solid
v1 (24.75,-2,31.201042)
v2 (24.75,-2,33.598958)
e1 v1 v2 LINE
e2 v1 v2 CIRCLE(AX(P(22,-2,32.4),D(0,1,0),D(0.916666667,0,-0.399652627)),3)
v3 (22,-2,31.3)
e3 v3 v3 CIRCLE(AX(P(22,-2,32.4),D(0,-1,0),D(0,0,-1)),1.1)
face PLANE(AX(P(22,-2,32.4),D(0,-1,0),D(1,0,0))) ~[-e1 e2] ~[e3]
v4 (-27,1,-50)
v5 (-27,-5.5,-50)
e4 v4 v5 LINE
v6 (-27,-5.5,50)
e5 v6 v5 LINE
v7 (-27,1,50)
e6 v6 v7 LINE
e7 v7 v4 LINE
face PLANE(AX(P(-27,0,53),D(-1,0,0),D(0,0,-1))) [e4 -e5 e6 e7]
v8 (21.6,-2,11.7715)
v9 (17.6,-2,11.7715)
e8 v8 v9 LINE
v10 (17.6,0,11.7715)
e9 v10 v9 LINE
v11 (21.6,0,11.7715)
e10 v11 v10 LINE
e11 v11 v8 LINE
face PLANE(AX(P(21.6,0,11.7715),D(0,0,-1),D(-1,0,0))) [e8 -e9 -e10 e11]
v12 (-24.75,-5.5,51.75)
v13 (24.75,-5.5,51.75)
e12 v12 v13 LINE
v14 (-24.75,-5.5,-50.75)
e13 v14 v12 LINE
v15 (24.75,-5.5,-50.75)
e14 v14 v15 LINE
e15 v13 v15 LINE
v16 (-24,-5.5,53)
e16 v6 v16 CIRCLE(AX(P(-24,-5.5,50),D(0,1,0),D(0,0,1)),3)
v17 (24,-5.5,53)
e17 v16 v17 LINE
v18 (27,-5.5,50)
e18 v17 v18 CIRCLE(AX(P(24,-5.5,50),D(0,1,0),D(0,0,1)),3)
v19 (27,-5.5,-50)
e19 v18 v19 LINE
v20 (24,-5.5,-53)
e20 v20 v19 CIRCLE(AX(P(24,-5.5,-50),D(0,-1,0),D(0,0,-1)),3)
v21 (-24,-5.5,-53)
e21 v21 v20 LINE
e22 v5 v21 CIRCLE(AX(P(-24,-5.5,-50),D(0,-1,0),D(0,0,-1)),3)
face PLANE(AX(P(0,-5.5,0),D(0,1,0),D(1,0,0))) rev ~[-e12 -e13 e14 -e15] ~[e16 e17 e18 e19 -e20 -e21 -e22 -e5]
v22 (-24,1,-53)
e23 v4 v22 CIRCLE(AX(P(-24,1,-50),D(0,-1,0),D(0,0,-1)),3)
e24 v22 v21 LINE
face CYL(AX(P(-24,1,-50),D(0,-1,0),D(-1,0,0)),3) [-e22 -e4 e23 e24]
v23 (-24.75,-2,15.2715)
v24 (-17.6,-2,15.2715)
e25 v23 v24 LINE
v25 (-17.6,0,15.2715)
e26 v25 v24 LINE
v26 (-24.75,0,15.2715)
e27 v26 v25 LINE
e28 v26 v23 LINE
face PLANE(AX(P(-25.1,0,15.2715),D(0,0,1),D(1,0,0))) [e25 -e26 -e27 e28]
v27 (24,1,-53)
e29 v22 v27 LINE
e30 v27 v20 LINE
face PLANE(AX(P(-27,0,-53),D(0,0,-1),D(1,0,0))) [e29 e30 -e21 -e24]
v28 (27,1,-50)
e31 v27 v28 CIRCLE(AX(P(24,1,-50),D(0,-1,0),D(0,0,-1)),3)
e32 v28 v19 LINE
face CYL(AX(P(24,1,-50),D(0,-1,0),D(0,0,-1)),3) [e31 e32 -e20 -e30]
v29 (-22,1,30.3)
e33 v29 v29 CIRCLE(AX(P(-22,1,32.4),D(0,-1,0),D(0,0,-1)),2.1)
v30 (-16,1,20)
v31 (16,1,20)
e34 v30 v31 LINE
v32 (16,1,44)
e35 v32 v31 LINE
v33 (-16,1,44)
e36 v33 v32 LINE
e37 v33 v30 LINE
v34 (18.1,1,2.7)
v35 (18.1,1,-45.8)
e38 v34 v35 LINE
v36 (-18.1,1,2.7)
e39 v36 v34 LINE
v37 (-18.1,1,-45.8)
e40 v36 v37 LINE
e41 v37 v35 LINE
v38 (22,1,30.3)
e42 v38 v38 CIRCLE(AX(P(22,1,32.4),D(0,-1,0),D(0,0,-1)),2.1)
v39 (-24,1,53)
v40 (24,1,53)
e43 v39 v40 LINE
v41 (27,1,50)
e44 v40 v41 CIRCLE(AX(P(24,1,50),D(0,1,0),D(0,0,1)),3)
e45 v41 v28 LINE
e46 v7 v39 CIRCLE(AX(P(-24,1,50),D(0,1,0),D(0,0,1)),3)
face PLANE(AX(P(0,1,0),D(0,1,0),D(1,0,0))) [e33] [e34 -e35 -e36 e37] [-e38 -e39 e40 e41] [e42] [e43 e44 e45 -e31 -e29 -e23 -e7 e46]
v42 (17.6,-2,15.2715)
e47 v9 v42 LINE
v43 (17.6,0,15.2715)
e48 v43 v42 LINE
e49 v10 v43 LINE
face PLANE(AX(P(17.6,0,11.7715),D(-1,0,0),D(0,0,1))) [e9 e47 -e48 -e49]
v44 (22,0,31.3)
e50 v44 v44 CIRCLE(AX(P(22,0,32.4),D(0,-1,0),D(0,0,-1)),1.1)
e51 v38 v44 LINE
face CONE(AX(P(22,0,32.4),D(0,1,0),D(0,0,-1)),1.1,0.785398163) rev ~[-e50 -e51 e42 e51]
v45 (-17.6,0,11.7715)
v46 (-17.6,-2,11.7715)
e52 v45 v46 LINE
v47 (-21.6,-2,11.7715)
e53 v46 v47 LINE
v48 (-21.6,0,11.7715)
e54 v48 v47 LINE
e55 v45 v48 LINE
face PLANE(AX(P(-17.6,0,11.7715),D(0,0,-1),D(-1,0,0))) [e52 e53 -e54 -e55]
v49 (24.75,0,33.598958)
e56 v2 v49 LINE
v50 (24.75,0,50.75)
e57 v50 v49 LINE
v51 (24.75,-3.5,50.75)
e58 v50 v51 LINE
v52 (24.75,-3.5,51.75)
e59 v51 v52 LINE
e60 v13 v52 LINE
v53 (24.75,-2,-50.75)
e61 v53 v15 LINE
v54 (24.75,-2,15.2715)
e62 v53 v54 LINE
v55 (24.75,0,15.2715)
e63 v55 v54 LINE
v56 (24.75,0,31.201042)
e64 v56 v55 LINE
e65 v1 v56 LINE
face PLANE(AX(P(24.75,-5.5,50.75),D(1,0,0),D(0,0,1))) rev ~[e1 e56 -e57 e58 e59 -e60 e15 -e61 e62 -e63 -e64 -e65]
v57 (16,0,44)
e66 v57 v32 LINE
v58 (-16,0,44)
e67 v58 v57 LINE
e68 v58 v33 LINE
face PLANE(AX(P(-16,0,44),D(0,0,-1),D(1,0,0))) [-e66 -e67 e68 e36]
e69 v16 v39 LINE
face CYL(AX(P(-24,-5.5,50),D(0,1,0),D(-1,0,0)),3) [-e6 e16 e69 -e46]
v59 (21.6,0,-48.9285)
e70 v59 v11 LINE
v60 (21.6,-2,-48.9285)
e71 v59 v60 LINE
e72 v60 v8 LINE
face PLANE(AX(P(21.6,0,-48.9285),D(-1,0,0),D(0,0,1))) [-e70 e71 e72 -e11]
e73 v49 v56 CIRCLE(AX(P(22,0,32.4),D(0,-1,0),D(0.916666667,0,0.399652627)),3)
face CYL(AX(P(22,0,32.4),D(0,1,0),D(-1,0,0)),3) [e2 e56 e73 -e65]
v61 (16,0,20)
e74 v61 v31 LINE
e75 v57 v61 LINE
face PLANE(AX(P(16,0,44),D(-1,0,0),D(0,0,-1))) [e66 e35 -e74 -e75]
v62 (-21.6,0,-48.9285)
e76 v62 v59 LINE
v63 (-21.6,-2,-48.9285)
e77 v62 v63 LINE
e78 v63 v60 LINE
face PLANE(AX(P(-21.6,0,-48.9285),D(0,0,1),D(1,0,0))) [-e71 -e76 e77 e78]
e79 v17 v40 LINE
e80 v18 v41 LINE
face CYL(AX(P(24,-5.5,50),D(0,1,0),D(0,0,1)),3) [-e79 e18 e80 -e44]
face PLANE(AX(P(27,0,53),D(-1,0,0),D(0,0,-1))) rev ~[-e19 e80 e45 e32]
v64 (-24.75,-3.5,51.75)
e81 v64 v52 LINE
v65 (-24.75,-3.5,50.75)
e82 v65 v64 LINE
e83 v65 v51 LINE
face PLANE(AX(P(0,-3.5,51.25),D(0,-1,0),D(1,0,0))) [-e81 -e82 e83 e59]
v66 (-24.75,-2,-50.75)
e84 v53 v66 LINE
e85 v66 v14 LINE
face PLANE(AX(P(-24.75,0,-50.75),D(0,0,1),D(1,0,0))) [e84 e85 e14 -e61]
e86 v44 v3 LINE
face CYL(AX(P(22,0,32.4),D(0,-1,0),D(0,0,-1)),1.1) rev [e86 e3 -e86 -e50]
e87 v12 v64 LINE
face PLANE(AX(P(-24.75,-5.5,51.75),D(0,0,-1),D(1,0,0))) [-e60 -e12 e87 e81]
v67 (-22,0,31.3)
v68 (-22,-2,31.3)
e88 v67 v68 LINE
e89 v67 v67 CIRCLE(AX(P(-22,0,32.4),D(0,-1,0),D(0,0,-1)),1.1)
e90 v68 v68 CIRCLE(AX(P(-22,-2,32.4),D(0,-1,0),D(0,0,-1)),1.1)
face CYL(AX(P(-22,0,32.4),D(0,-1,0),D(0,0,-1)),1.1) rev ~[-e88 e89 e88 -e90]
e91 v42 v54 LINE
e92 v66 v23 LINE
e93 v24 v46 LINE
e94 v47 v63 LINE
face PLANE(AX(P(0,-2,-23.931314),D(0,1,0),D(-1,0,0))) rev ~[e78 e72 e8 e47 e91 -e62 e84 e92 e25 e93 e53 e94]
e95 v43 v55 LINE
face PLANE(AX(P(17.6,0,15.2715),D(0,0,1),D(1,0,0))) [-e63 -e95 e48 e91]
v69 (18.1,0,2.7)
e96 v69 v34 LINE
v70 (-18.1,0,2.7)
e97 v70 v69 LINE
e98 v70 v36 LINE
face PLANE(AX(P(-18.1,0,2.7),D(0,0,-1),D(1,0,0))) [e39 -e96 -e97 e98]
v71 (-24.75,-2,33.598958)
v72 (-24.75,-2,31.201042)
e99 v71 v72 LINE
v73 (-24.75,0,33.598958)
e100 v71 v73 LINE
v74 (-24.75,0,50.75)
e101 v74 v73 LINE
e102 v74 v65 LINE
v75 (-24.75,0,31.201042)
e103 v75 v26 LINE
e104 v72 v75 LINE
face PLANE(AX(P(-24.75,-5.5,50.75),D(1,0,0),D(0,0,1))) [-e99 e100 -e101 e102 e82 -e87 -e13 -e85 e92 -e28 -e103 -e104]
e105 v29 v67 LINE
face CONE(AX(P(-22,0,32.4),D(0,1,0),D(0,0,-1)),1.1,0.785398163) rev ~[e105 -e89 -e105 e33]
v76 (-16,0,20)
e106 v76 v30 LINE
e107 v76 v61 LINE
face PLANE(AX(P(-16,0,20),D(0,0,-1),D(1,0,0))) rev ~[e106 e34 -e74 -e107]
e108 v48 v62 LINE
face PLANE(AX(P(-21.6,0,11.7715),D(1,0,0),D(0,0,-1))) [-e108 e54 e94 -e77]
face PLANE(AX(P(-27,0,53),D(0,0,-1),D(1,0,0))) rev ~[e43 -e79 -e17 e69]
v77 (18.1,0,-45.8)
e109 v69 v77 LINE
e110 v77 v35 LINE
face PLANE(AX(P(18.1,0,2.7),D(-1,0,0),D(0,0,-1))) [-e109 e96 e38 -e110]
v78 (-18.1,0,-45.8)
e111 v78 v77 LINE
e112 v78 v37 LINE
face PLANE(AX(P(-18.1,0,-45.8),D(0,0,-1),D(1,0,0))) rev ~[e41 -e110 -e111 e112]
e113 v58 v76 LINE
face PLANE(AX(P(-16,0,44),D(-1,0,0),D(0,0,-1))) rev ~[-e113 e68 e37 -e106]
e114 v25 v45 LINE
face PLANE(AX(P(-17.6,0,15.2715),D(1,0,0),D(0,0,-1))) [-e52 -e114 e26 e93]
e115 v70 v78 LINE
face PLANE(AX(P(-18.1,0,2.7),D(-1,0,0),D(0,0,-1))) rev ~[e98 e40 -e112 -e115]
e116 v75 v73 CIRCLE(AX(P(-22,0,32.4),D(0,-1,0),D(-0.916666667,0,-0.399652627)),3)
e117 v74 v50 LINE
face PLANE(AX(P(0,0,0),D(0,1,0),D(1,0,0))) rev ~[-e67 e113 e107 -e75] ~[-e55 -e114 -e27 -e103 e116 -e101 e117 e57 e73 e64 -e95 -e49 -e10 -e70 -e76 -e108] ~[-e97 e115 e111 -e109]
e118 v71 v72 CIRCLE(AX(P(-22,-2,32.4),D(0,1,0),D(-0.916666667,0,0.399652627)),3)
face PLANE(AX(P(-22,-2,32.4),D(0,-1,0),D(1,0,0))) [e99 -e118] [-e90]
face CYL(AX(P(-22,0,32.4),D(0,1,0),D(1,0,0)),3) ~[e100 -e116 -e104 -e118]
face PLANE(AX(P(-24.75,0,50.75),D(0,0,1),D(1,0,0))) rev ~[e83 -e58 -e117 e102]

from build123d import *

# Parameters (mm, degrees)
SKETCH1_W           = 54
SKETCH1_H           = 106
SKETCH1_W_2         = 49.5
SKETCH1_H_2         = 101.5
BOSS_EXTRUDE1_DEPTH = 5.5
SKETCH2_W           = 54
SKETCH2_H           = 106
SKETCH2_W_2         = 36.2
SKETCH2_H_2         = 48.5
SKETCH2_W_3         = 32
SKETCH2_H_3         = 24
BOSS_EXTRUDE2_DEPTH = 1
BOSS_EXTRUDE3_DEPTH = 2
SKETCH4_R           = 3
BOSS_EXTRUDE4_DEPTH = 2
SKETCH5_R           = 1.1
CUT_EXTRUDE1_DEPTH  = 60.73483071
FILLET1_R           = 3
CHAMFER1_SIZE       = 1
SKETCH6_W           = 49.5
SKETCH6_H           = 1
CUT_EXTRUDE2_DEPTH  = 2


with BuildPart() as part:
    # Sketch1 → Boss-Extrude1 (new body)
    with BuildSketch(Plane(origin=(0, 0, 0), x_dir=(1, 0, 0), z_dir=(0, 1, 0))):
        Rectangle(SKETCH1_W, SKETCH1_H)
        Rectangle(SKETCH1_W_2, SKETCH1_H_2, mode=Mode.SUBTRACT)
    extrude(amount=-BOSS_EXTRUDE1_DEPTH)

    # Sketch2 → Boss-Extrude2 (add)
    with BuildSketch(Plane(origin=(0, 0, 0), x_dir=(1, 0, 0), z_dir=(0, 1, 0))):
        Rectangle(SKETCH2_W, SKETCH2_H)
        with Locations((0, 21.55)):
            Rectangle(SKETCH2_W_2, SKETCH2_H_2, mode=Mode.SUBTRACT)
        with Locations((0, -32)):
            Rectangle(SKETCH2_W_3, SKETCH2_H_3, mode=Mode.SUBTRACT)
    extrude(amount=BOSS_EXTRUDE2_DEPTH)

    # Sketch3 → Boss-Extrude3 (add)
    with BuildSketch(Plane.XZ):
        Polygon((21.6, 11.7715), (17.6, 11.7715), (17.6, 15.2715), (25.1, 15.2715), (25.1, -52.4285), (-25.1, -52.4285), (-25.1, 15.2715), (-17.6, 15.2715), (-17.6, 11.7715), (-21.6, 11.7715), (-21.6, -48.9285), (21.6, -48.9285), align=None)
    extrude(amount=BOSS_EXTRUDE3_DEPTH)

    # Sketch4 → Boss-Extrude4 (add)
    with BuildSketch(Plane.XZ):
        with Locations((-22, 32.4)):
            Circle(SKETCH4_R)
    boss_extrude4 = extrude(amount=BOSS_EXTRUDE4_DEPTH)

    # Sketch5 → Cut-Extrude1 (cut, symmetric)
    with BuildSketch(Plane.XZ):
        with Locations(Location((-22, 32.4, 0), (0, 0, 270))):
            Circle(SKETCH5_R)
    cut_extrude1 = extrude(amount=CUT_EXTRUDE1_DEPTH, both=True, mode=Mode.SUBTRACT)

    # Mirror1: Boss-Extrude4, Cut-Extrude1 across plane
    add(boss_extrude4.mirror(Plane(origin=(0, 0, 0), x_dir=(0, 0, 1), z_dir=(1, 0, 0))))
    add(cut_extrude1.mirror(Plane(origin=(0, 0, 0), x_dir=(0, 0, 1), z_dir=(1, 0, 0))), mode=Mode.SUBTRACT)

    # Fillet1
    fillet1_edges = [part.edges().sort_by_distance(p)[0] for p in [
        (-27, -2.25, -53),
        (27, -2.25, -53),
        (27, -2.25, 53),
        (-27, -2.25, 53),
    ]]
    fillet(fillet1_edges, radius=FILLET1_R)

    # Chamfer1
    chamfer1_edges = [part.edges().sort_by_distance(p)[0] for p in [
        (-22, 1, 33.5),
        (22, 1, 33.5),
    ]]
    chamfer(chamfer1_edges, length=CHAMFER1_SIZE)

    # Sketch6 → Cut-Extrude2 (cut)
    with BuildSketch(Plane.XZ.offset(5.5)):
        with Locations((0, 51.25)):
            Rectangle(SKETCH6_W, SKETCH6_H)
    extrude(amount=-CUT_EXTRUDE2_DEPTH, mode=Mode.SUBTRACT)


solid = part.part
